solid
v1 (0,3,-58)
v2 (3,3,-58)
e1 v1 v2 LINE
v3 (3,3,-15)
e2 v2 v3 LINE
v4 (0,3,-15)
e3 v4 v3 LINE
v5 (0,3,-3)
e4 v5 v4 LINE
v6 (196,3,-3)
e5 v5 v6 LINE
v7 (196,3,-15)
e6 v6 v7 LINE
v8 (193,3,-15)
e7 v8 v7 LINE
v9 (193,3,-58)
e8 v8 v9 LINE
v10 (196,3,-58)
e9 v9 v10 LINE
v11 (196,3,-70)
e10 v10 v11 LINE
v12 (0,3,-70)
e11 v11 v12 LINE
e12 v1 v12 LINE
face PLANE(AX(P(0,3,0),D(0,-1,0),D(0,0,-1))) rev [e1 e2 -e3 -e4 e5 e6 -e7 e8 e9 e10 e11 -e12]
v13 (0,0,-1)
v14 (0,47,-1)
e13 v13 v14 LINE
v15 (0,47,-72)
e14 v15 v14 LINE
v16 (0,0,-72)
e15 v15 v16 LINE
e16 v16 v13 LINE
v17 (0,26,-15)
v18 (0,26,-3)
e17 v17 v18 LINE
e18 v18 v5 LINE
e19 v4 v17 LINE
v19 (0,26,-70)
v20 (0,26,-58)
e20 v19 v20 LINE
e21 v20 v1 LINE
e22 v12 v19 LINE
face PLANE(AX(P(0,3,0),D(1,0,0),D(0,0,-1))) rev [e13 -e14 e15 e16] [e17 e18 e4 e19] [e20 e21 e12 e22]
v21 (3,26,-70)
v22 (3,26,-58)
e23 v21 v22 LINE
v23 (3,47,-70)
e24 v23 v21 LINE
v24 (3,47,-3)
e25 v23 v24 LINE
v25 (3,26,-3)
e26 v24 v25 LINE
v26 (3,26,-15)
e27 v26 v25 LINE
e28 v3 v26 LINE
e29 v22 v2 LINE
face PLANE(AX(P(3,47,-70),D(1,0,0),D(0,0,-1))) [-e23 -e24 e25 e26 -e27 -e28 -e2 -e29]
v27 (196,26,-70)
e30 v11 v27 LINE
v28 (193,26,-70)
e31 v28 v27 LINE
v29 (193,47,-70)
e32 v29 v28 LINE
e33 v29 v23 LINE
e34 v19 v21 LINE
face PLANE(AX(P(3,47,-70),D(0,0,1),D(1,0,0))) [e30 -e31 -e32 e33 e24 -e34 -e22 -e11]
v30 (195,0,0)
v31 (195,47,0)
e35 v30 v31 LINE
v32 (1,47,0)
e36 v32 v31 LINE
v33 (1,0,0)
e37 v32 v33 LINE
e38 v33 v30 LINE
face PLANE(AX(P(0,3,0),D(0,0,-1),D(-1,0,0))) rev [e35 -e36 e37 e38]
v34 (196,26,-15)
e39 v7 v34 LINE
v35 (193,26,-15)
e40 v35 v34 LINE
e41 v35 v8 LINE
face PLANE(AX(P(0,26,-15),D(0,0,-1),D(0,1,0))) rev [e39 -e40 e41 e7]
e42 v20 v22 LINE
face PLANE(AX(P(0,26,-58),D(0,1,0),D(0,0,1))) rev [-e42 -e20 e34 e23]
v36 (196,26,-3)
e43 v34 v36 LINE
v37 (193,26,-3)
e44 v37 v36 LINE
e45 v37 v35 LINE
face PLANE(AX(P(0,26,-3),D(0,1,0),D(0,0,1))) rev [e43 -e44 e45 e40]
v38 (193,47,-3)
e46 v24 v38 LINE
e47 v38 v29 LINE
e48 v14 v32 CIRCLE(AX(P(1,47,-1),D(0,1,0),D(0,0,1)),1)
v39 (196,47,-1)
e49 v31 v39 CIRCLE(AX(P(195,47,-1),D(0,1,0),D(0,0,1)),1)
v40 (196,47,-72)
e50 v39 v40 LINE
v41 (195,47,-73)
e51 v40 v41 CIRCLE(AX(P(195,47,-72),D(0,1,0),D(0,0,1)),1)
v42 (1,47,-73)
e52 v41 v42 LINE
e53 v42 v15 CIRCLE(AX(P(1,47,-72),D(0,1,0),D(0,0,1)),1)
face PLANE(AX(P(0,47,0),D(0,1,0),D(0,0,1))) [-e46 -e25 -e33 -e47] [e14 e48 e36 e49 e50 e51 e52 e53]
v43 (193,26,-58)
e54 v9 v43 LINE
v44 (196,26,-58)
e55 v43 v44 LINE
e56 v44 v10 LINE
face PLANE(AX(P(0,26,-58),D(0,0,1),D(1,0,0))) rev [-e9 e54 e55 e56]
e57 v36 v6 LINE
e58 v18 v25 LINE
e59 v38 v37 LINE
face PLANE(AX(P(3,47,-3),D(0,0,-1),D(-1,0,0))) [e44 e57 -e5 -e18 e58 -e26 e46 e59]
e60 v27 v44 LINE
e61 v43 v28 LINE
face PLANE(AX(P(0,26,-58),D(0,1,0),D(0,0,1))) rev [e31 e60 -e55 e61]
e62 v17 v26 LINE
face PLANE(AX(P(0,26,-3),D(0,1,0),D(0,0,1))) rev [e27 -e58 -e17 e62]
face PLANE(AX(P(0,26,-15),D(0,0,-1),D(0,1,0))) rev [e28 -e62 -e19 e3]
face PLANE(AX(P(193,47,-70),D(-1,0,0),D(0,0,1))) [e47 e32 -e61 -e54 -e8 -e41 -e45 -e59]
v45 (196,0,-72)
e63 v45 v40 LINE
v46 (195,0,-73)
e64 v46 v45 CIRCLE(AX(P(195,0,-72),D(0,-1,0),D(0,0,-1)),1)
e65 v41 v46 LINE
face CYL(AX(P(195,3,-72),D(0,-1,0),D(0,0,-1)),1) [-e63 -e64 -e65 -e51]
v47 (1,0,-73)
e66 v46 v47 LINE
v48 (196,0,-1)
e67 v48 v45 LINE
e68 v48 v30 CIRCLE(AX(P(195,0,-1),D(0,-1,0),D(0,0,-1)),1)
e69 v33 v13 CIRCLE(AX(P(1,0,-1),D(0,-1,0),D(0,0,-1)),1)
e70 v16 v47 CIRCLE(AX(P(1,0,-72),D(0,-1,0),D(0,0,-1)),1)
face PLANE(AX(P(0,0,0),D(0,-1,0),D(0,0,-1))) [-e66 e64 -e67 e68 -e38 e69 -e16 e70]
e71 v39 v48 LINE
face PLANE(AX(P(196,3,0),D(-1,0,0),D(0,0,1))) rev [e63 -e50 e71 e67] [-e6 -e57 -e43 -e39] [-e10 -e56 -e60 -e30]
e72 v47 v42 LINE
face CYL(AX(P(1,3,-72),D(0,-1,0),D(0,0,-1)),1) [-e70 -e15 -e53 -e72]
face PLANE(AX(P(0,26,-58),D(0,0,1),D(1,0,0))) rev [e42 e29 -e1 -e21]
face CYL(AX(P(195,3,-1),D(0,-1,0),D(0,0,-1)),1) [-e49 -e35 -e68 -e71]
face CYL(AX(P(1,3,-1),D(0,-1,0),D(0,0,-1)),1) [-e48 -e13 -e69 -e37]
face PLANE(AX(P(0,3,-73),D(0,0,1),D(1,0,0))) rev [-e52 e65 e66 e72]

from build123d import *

# Parameters (mm, degrees)
SKETCH1_W           = 196
SKETCH1_H           = 73
BOSS_EXTRUDE1_DEPTH = 3
SKETCH3_W           = 196
SKETCH3_H           = 73
SKETCH3_W_2         = 190
SKETCH3_H_2         = 67
BOSS_EXTRUDE2_DEPTH = 44
FILLET1_R           = 1
SKETCH4_W           = 12
SKETCH4_H           = 23
CUT_EXTRUDE1_DEPTH  = 197


with BuildPart() as part:
    # Sketch1 → Boss-Extrude1 (new body)
    with BuildSketch(Plane(origin=(0, 0, 0), x_dir=(1, 0, 0), z_dir=(0, 1, 0))):
        with Locations((98, 36.5)):
            Rectangle(SKETCH1_W, SKETCH1_H)
    extrude(amount=BOSS_EXTRUDE1_DEPTH)

    # Sketch3 → Boss-Extrude2 (add)
    with BuildSketch(Plane(origin=(0, 3, 0), x_dir=(1, 0, 0), z_dir=(0, 1, 0))):
        with Locations((98, 36.5)):
            Rectangle(SKETCH3_W, SKETCH3_H)
        with Locations((98, 36.5)):
            Rectangle(SKETCH3_W_2, SKETCH3_H_2, mode=Mode.SUBTRACT)
    extrude(amount=BOSS_EXTRUDE2_DEPTH)

    # Fillet1
    fillet1_edges = [part.edges().sort_by_distance(p)[0] for p in [
        (0, 23.5, -73),
        (196, 23.5, -73),
        (196, 23.5, 0),
        (0, 23.5, 0),
    ]]
    fillet(fillet1_edges, radius=FILLET1_R)

    # Sketch4 → Cut-Extrude1 (cut, through all)
    with BuildSketch(Plane(origin=(196, 0, 0), x_dir=(0, 0, -1), z_dir=(1, 0, 0))):
        with Locations((9, 14.5)):
            Rectangle(SKETCH4_W, SKETCH4_H)
        with Locations((64, 14.5)):
            Rectangle(SKETCH4_W, SKETCH4_H)
    extrude(amount=-CUT_EXTRUDE1_DEPTH, mode=Mode.SUBTRACT)


solid = part.part
